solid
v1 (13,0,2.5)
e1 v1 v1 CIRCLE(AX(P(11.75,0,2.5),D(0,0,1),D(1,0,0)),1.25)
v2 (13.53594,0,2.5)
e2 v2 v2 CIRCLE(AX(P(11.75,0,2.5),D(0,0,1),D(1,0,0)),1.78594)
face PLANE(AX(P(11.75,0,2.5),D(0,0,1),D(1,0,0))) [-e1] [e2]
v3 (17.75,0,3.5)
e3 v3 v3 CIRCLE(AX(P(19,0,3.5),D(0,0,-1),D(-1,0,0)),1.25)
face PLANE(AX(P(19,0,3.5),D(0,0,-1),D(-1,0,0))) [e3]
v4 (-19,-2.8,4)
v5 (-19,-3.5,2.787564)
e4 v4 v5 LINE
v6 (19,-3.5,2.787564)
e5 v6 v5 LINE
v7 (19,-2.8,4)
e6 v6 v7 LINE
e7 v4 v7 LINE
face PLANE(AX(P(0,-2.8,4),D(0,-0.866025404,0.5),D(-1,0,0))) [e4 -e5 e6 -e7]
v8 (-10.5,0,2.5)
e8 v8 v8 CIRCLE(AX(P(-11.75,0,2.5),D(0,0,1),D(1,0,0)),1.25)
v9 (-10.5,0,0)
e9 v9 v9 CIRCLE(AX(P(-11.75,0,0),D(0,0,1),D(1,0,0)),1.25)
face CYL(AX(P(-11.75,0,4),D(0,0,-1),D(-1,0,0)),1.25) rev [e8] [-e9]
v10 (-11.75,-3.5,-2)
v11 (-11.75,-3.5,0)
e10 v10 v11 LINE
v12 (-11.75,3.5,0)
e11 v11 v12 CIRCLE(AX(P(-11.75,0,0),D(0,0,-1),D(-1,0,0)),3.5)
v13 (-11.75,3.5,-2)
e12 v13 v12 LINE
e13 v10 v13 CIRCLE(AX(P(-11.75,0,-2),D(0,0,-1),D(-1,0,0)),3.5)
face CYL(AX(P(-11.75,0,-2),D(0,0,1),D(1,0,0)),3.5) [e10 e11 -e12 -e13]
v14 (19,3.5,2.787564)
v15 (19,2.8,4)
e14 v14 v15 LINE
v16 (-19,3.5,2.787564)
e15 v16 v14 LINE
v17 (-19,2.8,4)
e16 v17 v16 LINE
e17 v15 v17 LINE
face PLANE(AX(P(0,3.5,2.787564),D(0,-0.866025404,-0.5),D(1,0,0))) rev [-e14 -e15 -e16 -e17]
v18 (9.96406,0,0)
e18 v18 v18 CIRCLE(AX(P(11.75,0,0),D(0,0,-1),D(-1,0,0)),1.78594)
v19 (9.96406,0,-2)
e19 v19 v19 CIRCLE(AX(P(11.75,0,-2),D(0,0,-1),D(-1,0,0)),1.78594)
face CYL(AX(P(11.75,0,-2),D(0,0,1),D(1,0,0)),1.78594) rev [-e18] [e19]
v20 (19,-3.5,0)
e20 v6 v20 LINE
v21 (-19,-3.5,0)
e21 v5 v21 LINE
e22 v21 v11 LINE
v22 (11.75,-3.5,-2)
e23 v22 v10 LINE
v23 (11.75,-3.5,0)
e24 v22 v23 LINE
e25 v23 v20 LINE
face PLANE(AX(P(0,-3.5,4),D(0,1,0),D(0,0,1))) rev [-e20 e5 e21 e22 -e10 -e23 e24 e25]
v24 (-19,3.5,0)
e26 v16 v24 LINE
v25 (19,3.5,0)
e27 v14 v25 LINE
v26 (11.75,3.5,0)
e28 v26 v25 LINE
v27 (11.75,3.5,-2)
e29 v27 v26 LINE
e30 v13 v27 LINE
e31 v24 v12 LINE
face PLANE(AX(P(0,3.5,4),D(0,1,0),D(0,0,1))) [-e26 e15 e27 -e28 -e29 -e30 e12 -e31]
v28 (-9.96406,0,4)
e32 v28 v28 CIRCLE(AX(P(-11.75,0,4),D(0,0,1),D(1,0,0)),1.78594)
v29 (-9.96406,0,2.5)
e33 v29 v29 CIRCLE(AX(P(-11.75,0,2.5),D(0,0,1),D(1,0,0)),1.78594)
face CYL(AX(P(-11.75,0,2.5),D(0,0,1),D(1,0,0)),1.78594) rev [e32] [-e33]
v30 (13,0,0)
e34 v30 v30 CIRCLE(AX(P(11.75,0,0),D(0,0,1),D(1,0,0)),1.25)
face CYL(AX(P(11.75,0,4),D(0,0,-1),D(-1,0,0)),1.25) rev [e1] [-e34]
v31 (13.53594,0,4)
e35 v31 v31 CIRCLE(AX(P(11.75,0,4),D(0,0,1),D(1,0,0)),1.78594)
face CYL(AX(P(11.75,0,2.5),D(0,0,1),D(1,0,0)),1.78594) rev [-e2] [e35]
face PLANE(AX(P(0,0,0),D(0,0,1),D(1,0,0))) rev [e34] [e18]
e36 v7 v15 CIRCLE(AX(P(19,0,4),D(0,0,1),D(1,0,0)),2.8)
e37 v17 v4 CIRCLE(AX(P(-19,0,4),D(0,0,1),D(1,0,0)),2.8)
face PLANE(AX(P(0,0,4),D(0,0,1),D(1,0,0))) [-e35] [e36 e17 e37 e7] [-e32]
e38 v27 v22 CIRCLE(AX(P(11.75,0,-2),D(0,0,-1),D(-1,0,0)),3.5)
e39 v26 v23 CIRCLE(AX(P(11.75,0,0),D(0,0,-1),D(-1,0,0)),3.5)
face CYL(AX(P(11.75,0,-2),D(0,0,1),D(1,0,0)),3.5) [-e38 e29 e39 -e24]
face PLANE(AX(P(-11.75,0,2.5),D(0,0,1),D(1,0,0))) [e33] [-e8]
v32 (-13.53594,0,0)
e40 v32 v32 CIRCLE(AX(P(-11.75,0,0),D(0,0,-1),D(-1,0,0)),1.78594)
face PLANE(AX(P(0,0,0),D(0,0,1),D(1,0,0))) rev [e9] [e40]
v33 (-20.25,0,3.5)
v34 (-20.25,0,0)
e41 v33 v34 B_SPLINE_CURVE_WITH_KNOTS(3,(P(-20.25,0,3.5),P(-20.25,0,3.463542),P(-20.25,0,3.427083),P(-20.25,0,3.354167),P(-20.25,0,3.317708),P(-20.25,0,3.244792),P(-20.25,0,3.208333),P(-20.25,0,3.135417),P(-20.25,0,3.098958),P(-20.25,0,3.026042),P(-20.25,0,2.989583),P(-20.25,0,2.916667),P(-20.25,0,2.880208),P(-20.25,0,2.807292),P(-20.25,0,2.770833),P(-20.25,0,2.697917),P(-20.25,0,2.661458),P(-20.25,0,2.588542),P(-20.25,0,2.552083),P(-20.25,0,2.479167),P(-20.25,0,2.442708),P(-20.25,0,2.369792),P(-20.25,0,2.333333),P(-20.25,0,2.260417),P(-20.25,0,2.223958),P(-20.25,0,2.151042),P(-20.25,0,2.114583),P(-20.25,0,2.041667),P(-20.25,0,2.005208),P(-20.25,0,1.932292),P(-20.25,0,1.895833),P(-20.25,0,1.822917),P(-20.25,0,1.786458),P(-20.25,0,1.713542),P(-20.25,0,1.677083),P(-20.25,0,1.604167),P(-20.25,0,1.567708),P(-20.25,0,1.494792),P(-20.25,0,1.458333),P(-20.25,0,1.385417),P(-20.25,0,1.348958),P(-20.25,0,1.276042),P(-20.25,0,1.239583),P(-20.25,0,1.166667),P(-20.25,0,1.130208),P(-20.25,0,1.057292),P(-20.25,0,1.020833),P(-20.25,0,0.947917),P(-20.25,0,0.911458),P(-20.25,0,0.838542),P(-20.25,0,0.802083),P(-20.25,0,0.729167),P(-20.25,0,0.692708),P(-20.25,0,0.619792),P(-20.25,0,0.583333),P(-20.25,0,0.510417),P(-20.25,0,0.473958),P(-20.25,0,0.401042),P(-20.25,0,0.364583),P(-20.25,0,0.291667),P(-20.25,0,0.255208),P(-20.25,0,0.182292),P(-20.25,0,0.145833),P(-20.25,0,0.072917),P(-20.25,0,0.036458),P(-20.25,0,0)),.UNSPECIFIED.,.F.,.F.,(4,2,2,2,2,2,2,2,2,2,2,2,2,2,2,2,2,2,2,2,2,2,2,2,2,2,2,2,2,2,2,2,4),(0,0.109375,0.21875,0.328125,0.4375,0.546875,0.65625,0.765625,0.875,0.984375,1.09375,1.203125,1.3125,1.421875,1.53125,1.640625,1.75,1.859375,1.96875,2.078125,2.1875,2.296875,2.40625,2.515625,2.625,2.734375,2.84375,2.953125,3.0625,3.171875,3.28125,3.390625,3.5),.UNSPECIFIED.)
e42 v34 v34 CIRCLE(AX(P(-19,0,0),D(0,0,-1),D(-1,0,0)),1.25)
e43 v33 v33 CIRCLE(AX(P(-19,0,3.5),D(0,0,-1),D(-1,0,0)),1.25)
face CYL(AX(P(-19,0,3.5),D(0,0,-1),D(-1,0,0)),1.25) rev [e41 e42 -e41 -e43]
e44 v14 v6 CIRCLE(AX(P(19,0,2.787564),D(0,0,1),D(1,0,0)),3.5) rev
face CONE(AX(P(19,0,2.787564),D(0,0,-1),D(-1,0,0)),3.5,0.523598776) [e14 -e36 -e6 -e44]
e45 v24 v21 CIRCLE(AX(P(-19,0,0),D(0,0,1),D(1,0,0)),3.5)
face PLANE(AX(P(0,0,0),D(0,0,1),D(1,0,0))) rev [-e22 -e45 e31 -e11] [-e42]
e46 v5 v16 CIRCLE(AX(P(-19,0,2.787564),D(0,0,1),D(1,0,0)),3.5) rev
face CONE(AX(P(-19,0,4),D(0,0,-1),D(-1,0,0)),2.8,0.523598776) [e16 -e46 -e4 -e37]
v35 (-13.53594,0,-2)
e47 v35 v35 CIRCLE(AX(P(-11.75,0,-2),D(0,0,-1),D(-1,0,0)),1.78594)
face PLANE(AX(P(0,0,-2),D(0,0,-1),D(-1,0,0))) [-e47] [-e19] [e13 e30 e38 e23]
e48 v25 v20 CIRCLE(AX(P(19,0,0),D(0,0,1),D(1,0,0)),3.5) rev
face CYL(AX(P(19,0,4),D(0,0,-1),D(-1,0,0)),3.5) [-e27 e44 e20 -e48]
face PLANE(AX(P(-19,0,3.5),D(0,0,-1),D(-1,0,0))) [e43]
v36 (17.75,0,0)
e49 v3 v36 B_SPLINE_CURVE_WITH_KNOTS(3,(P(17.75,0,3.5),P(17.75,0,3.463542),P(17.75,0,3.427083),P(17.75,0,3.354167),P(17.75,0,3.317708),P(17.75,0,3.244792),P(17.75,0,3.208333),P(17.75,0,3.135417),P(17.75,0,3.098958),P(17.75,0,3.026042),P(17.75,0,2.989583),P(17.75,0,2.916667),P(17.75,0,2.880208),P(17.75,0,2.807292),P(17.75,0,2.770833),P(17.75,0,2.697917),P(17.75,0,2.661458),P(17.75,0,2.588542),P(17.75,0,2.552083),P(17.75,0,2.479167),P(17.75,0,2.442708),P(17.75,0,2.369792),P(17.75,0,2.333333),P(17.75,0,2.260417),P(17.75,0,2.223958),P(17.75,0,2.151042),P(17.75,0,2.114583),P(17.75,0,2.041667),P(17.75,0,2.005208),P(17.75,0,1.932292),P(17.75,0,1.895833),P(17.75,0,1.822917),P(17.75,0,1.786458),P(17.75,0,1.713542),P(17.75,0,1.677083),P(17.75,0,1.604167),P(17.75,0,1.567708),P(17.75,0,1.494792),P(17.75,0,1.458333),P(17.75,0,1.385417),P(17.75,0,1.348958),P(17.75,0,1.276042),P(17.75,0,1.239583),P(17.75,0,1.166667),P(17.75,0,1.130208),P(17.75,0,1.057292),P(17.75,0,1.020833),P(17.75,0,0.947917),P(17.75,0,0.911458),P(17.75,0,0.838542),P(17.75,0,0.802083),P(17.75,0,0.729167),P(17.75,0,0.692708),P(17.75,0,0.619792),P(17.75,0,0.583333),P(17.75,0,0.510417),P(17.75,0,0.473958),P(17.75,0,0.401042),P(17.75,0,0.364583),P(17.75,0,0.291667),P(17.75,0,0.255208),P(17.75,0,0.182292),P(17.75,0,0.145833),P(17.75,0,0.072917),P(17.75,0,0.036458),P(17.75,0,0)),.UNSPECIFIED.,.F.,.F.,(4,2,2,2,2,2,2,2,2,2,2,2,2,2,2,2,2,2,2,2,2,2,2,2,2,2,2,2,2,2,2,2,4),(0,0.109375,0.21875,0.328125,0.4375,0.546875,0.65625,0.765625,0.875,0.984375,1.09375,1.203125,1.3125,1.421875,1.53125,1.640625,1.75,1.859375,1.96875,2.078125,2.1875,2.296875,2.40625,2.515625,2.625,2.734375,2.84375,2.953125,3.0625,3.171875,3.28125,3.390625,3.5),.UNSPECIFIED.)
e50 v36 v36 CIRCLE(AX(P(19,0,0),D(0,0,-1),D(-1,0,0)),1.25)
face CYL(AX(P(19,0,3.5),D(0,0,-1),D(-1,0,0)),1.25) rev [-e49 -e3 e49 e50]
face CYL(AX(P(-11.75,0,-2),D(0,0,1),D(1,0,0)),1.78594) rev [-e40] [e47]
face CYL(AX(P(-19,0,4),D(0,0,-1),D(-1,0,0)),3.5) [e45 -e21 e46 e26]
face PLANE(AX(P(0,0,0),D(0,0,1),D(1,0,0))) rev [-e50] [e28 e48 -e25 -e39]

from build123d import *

# Parameters (mm, degrees)
SKETCH1_R           = 1.25
BOSS_EXTRUDE1_DEPTH = 4
CHAMFER1_SIZE       = 0.7
CHAMFER1_SIZE2      = 1.212435565
SKETCH2_R           = 1.78594
BOSS_EXTRUDE2_DEPTH = 2
SKETCH3_R           = 1.25
CUT_EXTRUDE1_DEPTH  = 3.5
SKETCH4_R           = 1.78594
CUT_EXTRUDE2_DEPTH  = 1.5


with BuildPart() as part:
    # Sketch1 → Boss-Extrude1 (new body)
    with BuildSketch(Plane.XY):
        with BuildLine():
            Line((19, 3.5), (-19, 3.5))
            ThreePointArc((-19, 3.5), (-22.5, 0), (-19, -3.5))
            Line((-19, -3.5), (19, -3.5))
            ThreePointArc((19, -3.5), (22.5, 0), (19, 3.5))
        make_face()
        with Locations((-11.75, 0)):
            Circle(SKETCH1_R, mode=Mode.SUBTRACT)
        with Locations((11.75, 0)):
            Circle(SKETCH1_R, mode=Mode.SUBTRACT)
    extrude(amount=BOSS_EXTRUDE1_DEPTH)

    # Chamfer1
    chamfer1_edges = [part.edges().sort_by_distance(p)[0] for p in [
        (0, -3.5, 4),
        (-22.5, 0, 4),
        (22.5, 0, 4),
        (0, 3.5, 4),
    ]]
    chamfer1_side = [part.faces().sort_by_distance(p)[0] for p in [
        (0, 0, 4),
    ]]
    chamfer(chamfer1_edges, length=CHAMFER1_SIZE, length2=CHAMFER1_SIZE2, reference=chamfer1_side[0])

    # Sketch2 → Boss-Extrude2 (add)
    with BuildSketch(Plane(origin=(0, 0, 0), x_dir=(-1, 0, 0), z_dir=(0, 0, -1))):
        with BuildLine():
            Line((11.75, 3.5), (-11.75, 3.5))
            ThreePointArc((-11.75, 3.5), (-15.25, 0), (-11.75, -3.5))
            Line((-11.75, -3.5), (11.75, -3.5))
            ThreePointArc((11.75, -3.5), (15.25, 0), (11.75, 3.5))
        make_face()
        with Locations((11.75, 0)):
            Circle(SKETCH2_R, mode=Mode.SUBTRACT)
        with Locations((-11.75, 0)):
            Circle(SKETCH2_R, mode=Mode.SUBTRACT)
    extrude(amount=BOSS_EXTRUDE2_DEPTH)

    # Sketch3 → Cut-Extrude1 (cut)
    with BuildSketch(Plane(origin=(0, 0, 0), x_dir=(-1, 0, 0), z_dir=(0, 0, -1))):
        with Locations((-19, 0)):
            Circle(SKETCH3_R)
        with Locations((19, 0)):
            Circle(SKETCH3_R)
    extrude(amount=-CUT_EXTRUDE1_DEPTH, mode=Mode.SUBTRACT)

    # Sketch4 → Cut-Extrude2 (cut)
    with BuildSketch(Plane.XY.offset(4)):
        with Locations((-11.75, 0)):
            Circle(SKETCH4_R)
        with Locations((11.75, 0)):
            Circle(SKETCH4_R)
    extrude(amount=-CUT_EXTRUDE2_DEPTH, mode=Mode.SUBTRACT)


solid = part.part
